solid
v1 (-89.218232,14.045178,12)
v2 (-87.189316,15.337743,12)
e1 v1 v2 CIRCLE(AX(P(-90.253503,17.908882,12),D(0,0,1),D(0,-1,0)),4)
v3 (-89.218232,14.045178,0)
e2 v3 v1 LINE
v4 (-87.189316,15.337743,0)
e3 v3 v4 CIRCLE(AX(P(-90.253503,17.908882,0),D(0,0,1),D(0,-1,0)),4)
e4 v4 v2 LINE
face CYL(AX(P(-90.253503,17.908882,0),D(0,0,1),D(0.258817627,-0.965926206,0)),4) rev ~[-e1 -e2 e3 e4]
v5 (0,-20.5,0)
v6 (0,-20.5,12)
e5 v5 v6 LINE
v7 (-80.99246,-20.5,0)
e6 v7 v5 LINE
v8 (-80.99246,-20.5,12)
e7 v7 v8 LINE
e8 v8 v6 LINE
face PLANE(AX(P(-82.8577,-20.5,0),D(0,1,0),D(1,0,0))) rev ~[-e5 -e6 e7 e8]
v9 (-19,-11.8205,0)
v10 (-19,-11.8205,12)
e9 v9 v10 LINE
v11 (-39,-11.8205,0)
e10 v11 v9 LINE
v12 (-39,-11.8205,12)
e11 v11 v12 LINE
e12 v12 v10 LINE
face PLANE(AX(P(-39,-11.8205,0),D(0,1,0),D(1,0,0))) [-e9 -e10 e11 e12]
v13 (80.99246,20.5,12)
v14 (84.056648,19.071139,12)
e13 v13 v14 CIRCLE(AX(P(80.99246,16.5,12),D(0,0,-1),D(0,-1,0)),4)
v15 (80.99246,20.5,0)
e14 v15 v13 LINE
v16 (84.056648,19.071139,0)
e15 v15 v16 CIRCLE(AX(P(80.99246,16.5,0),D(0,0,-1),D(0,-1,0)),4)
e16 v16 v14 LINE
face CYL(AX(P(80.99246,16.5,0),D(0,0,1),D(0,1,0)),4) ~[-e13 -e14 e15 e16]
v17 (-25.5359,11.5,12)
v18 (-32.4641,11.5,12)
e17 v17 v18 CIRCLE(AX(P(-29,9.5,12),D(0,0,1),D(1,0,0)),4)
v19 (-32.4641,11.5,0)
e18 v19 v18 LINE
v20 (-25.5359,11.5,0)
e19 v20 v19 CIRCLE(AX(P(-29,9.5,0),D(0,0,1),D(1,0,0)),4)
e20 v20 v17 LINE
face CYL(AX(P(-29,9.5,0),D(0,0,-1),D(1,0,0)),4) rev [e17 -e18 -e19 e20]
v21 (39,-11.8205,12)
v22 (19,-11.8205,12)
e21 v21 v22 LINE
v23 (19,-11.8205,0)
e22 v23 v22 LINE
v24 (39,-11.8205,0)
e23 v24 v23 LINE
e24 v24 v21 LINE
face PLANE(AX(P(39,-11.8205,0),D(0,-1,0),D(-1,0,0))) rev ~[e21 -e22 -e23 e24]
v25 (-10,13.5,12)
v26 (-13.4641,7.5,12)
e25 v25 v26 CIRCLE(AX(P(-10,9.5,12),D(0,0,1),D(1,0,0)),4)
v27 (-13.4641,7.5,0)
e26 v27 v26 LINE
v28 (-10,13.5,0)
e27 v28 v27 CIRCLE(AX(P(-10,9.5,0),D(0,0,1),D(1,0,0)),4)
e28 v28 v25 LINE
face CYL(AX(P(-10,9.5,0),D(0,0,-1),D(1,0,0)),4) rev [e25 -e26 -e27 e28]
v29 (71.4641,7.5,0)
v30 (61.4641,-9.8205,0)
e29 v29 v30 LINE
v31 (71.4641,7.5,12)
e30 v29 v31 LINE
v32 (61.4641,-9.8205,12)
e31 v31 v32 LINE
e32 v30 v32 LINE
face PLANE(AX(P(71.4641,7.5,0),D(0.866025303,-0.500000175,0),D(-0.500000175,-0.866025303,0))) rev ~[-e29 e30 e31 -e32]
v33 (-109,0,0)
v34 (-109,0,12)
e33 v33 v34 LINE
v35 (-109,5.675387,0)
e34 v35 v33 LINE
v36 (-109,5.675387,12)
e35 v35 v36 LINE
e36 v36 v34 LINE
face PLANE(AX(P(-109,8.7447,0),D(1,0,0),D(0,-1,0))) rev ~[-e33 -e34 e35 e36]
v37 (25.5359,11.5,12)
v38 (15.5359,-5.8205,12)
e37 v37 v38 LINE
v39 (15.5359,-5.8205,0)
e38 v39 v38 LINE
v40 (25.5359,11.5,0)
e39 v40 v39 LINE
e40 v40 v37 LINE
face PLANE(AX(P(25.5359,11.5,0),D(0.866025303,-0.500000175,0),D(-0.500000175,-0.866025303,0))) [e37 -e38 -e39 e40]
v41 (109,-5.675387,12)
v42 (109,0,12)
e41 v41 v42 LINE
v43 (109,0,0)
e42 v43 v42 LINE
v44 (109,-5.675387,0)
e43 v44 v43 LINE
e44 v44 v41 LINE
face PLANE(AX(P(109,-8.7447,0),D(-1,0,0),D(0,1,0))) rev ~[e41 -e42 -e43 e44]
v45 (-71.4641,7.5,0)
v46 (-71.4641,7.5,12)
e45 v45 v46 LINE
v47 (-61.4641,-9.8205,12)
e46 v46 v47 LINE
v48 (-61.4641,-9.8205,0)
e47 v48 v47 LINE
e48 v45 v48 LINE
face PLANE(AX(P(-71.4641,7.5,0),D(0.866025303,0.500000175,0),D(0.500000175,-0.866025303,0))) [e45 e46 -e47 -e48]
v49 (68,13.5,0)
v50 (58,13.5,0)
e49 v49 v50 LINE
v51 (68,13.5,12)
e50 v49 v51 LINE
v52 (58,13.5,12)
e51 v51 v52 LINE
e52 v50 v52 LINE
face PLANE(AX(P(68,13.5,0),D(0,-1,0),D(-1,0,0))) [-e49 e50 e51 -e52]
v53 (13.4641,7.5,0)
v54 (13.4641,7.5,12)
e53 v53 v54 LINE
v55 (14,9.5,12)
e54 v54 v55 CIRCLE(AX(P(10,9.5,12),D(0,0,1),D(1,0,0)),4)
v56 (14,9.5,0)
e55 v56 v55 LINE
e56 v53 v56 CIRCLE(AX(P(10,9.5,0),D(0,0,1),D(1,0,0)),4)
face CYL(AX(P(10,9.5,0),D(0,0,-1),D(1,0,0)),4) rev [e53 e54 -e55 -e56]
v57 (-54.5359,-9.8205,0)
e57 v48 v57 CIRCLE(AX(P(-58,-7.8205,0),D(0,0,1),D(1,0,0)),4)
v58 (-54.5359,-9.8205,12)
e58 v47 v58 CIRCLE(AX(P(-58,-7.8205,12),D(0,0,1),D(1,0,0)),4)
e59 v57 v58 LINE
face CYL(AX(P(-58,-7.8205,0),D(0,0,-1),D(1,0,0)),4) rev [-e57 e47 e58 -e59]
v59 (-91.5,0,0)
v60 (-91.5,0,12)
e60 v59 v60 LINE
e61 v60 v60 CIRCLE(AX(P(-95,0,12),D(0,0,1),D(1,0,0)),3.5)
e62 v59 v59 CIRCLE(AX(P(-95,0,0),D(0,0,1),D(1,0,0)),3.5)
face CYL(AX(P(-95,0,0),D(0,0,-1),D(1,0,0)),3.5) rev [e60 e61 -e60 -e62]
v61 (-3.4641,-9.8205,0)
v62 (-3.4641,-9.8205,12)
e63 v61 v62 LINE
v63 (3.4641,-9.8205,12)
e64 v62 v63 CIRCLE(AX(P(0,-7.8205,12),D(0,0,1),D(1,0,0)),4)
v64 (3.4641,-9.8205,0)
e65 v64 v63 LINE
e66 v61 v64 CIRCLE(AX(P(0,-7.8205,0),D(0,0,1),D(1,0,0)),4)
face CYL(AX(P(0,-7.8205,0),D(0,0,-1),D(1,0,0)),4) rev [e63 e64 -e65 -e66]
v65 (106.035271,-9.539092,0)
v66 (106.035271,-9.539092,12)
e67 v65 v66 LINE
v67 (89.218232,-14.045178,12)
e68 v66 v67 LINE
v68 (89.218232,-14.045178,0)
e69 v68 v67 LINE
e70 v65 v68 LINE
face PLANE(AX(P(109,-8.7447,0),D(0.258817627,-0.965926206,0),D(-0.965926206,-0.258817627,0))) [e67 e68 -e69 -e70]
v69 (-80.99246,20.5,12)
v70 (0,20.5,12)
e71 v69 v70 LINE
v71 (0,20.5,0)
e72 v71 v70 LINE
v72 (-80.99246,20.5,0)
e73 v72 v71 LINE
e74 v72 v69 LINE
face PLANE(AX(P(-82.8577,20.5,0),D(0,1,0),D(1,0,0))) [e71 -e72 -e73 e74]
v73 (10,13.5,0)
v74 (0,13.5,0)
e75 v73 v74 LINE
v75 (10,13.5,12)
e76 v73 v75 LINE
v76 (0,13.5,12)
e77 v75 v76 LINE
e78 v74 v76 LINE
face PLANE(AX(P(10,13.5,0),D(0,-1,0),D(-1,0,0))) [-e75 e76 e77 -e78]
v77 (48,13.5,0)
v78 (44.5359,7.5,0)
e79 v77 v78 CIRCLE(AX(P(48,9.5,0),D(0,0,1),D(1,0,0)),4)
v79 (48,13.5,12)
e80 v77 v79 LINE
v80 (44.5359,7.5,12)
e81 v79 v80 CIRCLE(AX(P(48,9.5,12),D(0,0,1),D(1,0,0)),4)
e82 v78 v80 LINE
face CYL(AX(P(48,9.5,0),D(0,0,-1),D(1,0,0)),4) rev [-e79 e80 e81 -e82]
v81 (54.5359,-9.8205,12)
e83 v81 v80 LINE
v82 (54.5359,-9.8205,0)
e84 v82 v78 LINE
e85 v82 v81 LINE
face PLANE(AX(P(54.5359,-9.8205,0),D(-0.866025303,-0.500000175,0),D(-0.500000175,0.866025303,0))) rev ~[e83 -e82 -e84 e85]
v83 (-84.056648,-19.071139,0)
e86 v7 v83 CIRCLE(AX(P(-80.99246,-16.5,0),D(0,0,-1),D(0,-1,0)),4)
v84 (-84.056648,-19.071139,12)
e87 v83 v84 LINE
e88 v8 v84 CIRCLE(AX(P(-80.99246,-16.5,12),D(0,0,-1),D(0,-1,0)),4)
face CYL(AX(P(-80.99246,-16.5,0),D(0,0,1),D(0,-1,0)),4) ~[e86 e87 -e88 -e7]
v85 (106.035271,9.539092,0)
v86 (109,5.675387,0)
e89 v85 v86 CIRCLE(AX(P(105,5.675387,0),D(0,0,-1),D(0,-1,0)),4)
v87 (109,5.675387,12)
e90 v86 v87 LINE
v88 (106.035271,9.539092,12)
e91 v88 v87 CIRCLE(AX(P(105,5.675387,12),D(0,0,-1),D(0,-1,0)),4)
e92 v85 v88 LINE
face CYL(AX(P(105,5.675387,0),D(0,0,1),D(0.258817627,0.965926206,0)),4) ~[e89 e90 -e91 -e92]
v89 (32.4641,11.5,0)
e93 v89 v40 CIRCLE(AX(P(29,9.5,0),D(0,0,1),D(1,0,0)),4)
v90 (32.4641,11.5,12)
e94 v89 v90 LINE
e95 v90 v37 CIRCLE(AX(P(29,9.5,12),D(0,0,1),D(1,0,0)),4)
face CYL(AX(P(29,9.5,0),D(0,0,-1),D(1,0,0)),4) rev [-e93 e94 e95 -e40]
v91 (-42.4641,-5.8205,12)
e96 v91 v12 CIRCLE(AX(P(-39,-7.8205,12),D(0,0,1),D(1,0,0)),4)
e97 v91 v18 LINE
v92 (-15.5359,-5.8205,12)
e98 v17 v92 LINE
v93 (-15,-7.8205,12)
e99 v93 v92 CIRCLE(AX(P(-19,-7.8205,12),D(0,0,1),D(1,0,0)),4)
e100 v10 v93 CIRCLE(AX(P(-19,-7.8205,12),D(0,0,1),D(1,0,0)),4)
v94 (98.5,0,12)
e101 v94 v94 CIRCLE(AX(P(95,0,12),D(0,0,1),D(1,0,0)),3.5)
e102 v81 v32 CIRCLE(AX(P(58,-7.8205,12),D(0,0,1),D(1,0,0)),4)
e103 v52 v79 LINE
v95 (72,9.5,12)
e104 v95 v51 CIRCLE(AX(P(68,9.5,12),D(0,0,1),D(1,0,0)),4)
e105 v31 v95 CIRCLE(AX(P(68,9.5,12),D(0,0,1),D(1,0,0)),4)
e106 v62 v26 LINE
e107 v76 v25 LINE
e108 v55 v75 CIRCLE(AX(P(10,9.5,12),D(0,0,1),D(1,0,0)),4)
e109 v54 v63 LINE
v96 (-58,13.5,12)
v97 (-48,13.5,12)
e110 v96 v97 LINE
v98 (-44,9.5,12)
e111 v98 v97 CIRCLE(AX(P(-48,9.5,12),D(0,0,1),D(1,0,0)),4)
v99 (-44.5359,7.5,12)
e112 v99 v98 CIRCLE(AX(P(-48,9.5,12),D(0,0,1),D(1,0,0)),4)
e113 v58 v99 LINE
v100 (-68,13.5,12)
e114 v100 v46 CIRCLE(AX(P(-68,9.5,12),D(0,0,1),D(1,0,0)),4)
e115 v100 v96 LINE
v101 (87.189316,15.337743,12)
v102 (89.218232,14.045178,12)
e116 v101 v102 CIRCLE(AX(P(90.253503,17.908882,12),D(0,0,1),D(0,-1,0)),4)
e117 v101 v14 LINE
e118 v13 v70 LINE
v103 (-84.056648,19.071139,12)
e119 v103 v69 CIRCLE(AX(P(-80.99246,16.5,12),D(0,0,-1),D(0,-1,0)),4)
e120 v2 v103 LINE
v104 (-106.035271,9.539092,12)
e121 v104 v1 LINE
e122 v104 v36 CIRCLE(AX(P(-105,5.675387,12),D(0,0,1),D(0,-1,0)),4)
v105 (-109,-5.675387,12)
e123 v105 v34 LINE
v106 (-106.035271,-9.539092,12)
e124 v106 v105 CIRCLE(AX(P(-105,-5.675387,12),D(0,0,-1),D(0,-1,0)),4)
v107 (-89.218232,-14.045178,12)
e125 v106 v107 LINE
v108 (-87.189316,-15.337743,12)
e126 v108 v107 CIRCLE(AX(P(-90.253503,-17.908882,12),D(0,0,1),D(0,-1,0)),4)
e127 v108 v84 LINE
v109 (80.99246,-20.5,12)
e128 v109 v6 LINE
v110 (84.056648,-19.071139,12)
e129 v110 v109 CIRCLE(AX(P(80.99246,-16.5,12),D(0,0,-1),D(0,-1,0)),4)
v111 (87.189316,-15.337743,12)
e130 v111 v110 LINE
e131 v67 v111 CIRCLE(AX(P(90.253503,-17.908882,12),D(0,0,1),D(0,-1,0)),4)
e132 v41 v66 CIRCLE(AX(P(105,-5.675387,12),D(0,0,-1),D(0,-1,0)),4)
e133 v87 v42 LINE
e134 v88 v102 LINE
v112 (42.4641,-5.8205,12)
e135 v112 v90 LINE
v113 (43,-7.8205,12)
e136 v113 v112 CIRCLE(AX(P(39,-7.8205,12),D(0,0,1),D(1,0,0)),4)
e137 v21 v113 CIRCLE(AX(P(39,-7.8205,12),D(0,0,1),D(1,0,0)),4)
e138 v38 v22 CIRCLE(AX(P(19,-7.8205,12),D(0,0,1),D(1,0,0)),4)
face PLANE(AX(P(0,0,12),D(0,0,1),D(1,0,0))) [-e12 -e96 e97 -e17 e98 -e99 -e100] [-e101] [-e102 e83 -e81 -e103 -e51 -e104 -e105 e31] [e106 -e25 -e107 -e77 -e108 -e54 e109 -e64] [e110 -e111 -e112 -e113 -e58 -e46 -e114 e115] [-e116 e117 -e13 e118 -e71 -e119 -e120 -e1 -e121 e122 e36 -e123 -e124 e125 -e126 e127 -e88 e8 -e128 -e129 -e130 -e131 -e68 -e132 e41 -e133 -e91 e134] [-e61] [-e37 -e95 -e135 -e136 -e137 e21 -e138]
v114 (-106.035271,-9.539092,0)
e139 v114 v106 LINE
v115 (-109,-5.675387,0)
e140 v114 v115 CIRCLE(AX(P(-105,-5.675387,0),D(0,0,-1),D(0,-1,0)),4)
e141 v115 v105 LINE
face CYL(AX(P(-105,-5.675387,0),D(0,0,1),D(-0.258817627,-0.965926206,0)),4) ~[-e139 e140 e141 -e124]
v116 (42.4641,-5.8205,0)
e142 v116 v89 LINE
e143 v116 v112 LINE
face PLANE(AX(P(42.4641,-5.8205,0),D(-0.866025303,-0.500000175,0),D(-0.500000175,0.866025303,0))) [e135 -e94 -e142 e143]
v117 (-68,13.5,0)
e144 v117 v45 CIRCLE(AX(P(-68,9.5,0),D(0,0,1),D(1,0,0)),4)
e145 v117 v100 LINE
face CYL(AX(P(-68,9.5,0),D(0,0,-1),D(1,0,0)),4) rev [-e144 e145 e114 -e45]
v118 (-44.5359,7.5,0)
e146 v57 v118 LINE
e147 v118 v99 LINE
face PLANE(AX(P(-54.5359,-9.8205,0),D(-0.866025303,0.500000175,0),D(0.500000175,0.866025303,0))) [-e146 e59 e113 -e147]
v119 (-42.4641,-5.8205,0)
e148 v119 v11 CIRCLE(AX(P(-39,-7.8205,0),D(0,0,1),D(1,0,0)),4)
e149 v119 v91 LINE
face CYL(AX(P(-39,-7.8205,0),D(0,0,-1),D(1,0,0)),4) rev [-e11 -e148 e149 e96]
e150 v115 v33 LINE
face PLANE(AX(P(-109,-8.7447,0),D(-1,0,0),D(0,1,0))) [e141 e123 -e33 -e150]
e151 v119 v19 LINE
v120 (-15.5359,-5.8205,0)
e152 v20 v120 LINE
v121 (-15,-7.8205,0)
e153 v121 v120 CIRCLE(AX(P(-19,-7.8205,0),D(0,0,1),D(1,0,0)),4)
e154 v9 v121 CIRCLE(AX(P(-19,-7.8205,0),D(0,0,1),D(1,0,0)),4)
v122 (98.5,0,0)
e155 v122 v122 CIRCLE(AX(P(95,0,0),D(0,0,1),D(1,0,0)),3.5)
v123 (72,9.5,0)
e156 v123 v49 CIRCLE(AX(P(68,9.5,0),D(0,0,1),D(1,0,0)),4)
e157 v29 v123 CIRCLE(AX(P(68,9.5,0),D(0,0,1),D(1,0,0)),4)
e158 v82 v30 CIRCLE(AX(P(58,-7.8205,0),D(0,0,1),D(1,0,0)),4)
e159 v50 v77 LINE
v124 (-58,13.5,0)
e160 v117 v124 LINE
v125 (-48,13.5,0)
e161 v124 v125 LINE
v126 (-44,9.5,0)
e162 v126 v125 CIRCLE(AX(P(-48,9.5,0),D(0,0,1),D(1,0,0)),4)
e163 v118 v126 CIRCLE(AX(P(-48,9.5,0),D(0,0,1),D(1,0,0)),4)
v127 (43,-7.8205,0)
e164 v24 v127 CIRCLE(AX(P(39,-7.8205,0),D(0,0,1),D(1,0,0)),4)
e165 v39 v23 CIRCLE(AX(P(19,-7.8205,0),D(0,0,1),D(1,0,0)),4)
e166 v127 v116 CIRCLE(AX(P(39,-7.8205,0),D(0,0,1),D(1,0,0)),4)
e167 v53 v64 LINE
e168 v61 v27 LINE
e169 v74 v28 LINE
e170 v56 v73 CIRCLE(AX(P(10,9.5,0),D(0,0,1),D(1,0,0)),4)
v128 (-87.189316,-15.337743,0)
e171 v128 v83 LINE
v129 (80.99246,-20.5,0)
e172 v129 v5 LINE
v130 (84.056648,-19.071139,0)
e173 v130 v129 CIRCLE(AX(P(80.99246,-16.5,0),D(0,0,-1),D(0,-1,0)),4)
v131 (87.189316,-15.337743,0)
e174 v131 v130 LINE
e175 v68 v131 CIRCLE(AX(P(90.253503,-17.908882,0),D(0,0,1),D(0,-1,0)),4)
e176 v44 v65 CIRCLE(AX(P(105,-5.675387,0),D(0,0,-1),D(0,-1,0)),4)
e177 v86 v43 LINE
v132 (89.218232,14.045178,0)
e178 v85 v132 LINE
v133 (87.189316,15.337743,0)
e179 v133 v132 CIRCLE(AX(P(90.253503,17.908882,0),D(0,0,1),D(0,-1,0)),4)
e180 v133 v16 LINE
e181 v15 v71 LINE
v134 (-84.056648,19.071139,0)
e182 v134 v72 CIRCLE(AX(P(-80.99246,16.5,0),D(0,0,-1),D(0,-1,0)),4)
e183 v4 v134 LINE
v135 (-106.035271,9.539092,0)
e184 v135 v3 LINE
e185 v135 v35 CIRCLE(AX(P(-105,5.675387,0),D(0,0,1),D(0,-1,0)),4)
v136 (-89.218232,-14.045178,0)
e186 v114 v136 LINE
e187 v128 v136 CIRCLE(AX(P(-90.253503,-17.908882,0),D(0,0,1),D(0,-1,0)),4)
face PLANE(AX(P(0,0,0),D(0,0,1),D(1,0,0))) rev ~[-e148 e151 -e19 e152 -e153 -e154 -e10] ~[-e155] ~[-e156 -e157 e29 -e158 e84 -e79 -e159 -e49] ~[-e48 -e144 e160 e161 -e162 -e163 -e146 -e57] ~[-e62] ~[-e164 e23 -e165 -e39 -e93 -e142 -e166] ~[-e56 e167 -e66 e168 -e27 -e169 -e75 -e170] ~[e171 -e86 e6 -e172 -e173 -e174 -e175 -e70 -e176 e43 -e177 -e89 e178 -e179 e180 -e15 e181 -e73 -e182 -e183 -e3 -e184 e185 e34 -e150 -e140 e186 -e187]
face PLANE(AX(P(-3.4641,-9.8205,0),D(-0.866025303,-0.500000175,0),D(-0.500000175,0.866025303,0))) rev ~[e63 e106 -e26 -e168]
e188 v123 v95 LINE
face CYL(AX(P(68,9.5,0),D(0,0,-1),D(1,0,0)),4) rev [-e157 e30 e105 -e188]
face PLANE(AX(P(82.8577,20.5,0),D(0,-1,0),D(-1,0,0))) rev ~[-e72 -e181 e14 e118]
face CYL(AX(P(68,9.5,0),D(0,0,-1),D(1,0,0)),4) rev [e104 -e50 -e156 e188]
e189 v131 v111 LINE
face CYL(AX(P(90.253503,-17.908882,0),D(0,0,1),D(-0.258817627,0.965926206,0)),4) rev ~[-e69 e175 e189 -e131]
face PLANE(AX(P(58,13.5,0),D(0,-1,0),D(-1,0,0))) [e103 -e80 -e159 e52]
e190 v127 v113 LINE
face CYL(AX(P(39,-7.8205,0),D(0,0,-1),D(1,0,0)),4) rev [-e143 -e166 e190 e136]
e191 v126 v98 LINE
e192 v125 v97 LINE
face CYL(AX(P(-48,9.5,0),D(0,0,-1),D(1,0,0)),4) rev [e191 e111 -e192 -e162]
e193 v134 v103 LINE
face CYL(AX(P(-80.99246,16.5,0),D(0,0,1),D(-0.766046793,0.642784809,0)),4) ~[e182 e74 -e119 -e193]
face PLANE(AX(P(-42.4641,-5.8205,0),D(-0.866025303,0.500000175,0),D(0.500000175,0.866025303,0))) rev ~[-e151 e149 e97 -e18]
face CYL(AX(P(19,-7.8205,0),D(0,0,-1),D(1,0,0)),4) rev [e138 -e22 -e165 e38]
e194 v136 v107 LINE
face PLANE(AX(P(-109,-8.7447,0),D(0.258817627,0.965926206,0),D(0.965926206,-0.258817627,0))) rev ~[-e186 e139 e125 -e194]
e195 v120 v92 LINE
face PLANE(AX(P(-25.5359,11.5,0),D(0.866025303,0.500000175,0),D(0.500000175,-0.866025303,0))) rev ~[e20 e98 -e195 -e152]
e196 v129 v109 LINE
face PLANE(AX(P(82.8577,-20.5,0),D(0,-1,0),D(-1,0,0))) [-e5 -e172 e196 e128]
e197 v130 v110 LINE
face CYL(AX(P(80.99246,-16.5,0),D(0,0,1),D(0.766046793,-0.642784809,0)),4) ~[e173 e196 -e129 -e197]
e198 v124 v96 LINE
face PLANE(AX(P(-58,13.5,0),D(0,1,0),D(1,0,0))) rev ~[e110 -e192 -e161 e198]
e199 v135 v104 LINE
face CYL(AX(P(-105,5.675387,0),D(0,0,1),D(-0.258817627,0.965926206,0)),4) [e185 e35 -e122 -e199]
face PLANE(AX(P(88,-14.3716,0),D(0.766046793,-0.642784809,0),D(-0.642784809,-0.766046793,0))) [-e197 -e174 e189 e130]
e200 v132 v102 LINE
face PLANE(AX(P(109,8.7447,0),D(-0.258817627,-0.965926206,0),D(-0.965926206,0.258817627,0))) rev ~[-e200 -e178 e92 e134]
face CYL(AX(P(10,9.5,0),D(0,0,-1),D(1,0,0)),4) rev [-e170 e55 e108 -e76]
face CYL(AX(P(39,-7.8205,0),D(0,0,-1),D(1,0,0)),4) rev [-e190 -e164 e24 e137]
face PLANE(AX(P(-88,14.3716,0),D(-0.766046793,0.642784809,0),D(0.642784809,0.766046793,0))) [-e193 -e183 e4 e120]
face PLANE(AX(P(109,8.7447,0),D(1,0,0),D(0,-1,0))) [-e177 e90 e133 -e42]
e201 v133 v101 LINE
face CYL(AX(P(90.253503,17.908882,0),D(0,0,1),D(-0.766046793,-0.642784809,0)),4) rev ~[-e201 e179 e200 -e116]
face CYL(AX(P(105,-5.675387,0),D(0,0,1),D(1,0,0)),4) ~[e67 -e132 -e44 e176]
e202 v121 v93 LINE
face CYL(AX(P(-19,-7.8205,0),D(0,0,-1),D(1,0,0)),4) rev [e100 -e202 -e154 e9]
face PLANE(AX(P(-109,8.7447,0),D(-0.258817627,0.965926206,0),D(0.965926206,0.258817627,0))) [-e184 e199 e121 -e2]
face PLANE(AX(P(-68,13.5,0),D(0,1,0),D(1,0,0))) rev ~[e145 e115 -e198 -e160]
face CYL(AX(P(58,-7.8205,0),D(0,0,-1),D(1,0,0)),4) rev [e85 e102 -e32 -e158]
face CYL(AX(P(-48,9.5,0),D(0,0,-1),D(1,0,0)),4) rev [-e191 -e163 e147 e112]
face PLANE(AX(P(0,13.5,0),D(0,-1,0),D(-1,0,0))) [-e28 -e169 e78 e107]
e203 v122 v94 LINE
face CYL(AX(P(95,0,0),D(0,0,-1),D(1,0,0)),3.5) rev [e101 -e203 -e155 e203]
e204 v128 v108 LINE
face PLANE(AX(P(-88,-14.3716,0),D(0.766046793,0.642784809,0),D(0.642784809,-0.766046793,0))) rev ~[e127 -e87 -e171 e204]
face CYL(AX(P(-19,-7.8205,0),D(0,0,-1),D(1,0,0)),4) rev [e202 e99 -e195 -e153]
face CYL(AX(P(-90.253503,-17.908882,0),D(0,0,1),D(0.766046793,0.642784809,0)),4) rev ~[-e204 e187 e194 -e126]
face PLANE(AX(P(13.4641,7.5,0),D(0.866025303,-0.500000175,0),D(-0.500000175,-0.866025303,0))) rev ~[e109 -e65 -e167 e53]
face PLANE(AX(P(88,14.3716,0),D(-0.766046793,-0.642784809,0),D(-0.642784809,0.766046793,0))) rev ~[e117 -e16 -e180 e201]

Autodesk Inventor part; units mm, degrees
ref_plane "YZ Plane" through (0, 0, 0) normal (1, 0, 0) x (0, 1, 0)
ref_plane "XZ Plane" through (0, 0, 0) normal (0, 1, 0) x (-1, 0, 0)
ref_plane "XY Plane" through (0, 0, 0) normal (0, 0, 1) x (1, 0, 0)
sketch "Base" plane through (0, 0, 0) normal (0, 0, 1) x (1, 0, 0)
  line L0 (-152.6, 0) -> (152.6, 0) construction
  line L1 (0, -28.7) -> (0, 28.7) construction
  circle A0 centre (-95, 0) radius 3.5
  circle A1 centre (95, 0) radius 3.5
  line L2 (-109, 8.7447) -> (-109, 0)
  line L3 (-109, 8.7447) -> (-88, 14.3716)
  line L4 (-88, 14.3716) -> (-82.8577, 20.5)
  line L5 (-82.8577, 20.5) -> (0, 20.5)
  line L6 (-109, -8.7447) -> (-109, 0)
  line L7 (-109, -8.7447) -> (-88, -14.3716)
  line L8 (-88, -14.3716) -> (-82.8577, -20.5)
  line L9 (-82.8577, -20.5) -> (0, -20.5)
  line L10 (109, 8.7447) -> (109, 0)
  line L11 (109, 8.7447) -> (88, 14.3716)
  line L12 (88, 14.3716) -> (82.8577, 20.5)
  line L13 (82.8577, 20.5) -> (0, 20.5)
  line L14 (82.8577, -20.5) -> (0, -20.5)
  line L15 (88, -14.3716) -> (82.8577, -20.5)
  line L16 (109, -8.7447) -> (88, -14.3716)
  line L17 (109, -8.7447) -> (109, 0)
  circle A2 centre (-68, 9.5) radius 4
  line L18 (-58, 0) -> (-58, 20.5) construction
  line L19 (-68, 13.5) -> (-58, 13.5)
  circle A3 centre (-58, -7.8205) radius 4
  line L20 (-58, 0) -> (-58, -7.8205) construction
  line L21 (-71.4641, 7.5) -> (-61.4641, -9.8205)
  circle A4 centre (-48, 9.5) radius 4
  line L22 (-58, 13.5) -> (-48, 13.5)
  line L23 (-54.5359, -9.8205) -> (-44.5359, 7.5)
  circle A5 centre (-29, 9.5) radius 4
  circle A6 centre (-39, -7.8205) radius 4
  circle A7 centre (-19, -7.8205) radius 4
  line L24 (-48, 13.5) -> (-29, 13.5) construction
  line L25 (-39, -11.8205) -> (-19, -11.8205)
  line L26 (-42.4641, -5.8205) -> (-32.4641, 11.5)
  line L27 (-25.5359, 11.5) -> (-15.5359, -5.8205)
  line L28 (-58, -11.8205) -> (-39, -11.8205) construction
  line L29 (-29, 9.5) -> (-29, -11.8205) construction
  circle A8 centre (10, 9.5) radius 4
  line L30 (10, 13.5) -> (0, 13.5)
  circle A9 centre (0, -7.8205) radius 4
  line L31 (13.4641, 7.5) -> (3.4641, -9.8205)
  circle A10 centre (-10, 9.5) radius 4
  line L32 (0, 13.5) -> (-10, 13.5)
  line L33 (-3.4641, -9.8205) -> (-13.4641, 7.5)
  circle A11 centre (68, 9.5) radius 4
  line L34 (68, 13.5) -> (58, 13.5)
  circle A12 centre (58, -7.8205) radius 4
  line L35 (71.4641, 7.5) -> (61.4641, -9.8205)
  circle A13 centre (48, 9.5) radius 4
  line L36 (58, 13.5) -> (48, 13.5)
  line L37 (54.5359, -9.8205) -> (44.5359, 7.5)
  circle A14 centre (29, 9.5) radius 4
  circle A15 centre (39, -7.8205) radius 4
  circle A16 centre (19, -7.8205) radius 4
  line L38 (39, -11.8205) -> (19, -11.8205)
  line L39 (42.4641, -5.8205) -> (32.4641, 11.5)
  line L40 (25.5359, 11.5) -> (15.5359, -5.8205)
  point P0 (0, 0)
  point P1 (-58, 10.25)
  dimension "d0" = 7
  dimension "d1" = 190
  dimension "d3" = 130
  dimension "d4" = 165
  dimension "d5" = 8
  dimension "d7" = 218
  dimension "d8" = 41
  dimension "d12" = 21
  dimension "d14" = 8
  dimension "d15" = 8
  dimension "d16" = 20
  dimension "d17" = 60
  dimension "d18" = 7
  dimension "d20" = 8.4545
  dimension "d21" = 8.4545
extrude "BaseFeature" add sketch "Base" along normal blind 12
fillet "OutsideFilletsFeature" radius 4 12 edges at (-109, -8.7447, 6) (-109, 8.7447, 6) (-88, -14.3716, 6) (-82.8577, -20.5, 6) (-88, 14.3716, 6) (-82.8577, 20.5, 6) (82.8577, 20.5, 6) (88, 14.3716, 6) (109, -8.7447, 6) (88, -14.3716, 6) (82.8577, -20.5, 6) (109, 8.7447, 6)
properties part number "BatteryMount"
